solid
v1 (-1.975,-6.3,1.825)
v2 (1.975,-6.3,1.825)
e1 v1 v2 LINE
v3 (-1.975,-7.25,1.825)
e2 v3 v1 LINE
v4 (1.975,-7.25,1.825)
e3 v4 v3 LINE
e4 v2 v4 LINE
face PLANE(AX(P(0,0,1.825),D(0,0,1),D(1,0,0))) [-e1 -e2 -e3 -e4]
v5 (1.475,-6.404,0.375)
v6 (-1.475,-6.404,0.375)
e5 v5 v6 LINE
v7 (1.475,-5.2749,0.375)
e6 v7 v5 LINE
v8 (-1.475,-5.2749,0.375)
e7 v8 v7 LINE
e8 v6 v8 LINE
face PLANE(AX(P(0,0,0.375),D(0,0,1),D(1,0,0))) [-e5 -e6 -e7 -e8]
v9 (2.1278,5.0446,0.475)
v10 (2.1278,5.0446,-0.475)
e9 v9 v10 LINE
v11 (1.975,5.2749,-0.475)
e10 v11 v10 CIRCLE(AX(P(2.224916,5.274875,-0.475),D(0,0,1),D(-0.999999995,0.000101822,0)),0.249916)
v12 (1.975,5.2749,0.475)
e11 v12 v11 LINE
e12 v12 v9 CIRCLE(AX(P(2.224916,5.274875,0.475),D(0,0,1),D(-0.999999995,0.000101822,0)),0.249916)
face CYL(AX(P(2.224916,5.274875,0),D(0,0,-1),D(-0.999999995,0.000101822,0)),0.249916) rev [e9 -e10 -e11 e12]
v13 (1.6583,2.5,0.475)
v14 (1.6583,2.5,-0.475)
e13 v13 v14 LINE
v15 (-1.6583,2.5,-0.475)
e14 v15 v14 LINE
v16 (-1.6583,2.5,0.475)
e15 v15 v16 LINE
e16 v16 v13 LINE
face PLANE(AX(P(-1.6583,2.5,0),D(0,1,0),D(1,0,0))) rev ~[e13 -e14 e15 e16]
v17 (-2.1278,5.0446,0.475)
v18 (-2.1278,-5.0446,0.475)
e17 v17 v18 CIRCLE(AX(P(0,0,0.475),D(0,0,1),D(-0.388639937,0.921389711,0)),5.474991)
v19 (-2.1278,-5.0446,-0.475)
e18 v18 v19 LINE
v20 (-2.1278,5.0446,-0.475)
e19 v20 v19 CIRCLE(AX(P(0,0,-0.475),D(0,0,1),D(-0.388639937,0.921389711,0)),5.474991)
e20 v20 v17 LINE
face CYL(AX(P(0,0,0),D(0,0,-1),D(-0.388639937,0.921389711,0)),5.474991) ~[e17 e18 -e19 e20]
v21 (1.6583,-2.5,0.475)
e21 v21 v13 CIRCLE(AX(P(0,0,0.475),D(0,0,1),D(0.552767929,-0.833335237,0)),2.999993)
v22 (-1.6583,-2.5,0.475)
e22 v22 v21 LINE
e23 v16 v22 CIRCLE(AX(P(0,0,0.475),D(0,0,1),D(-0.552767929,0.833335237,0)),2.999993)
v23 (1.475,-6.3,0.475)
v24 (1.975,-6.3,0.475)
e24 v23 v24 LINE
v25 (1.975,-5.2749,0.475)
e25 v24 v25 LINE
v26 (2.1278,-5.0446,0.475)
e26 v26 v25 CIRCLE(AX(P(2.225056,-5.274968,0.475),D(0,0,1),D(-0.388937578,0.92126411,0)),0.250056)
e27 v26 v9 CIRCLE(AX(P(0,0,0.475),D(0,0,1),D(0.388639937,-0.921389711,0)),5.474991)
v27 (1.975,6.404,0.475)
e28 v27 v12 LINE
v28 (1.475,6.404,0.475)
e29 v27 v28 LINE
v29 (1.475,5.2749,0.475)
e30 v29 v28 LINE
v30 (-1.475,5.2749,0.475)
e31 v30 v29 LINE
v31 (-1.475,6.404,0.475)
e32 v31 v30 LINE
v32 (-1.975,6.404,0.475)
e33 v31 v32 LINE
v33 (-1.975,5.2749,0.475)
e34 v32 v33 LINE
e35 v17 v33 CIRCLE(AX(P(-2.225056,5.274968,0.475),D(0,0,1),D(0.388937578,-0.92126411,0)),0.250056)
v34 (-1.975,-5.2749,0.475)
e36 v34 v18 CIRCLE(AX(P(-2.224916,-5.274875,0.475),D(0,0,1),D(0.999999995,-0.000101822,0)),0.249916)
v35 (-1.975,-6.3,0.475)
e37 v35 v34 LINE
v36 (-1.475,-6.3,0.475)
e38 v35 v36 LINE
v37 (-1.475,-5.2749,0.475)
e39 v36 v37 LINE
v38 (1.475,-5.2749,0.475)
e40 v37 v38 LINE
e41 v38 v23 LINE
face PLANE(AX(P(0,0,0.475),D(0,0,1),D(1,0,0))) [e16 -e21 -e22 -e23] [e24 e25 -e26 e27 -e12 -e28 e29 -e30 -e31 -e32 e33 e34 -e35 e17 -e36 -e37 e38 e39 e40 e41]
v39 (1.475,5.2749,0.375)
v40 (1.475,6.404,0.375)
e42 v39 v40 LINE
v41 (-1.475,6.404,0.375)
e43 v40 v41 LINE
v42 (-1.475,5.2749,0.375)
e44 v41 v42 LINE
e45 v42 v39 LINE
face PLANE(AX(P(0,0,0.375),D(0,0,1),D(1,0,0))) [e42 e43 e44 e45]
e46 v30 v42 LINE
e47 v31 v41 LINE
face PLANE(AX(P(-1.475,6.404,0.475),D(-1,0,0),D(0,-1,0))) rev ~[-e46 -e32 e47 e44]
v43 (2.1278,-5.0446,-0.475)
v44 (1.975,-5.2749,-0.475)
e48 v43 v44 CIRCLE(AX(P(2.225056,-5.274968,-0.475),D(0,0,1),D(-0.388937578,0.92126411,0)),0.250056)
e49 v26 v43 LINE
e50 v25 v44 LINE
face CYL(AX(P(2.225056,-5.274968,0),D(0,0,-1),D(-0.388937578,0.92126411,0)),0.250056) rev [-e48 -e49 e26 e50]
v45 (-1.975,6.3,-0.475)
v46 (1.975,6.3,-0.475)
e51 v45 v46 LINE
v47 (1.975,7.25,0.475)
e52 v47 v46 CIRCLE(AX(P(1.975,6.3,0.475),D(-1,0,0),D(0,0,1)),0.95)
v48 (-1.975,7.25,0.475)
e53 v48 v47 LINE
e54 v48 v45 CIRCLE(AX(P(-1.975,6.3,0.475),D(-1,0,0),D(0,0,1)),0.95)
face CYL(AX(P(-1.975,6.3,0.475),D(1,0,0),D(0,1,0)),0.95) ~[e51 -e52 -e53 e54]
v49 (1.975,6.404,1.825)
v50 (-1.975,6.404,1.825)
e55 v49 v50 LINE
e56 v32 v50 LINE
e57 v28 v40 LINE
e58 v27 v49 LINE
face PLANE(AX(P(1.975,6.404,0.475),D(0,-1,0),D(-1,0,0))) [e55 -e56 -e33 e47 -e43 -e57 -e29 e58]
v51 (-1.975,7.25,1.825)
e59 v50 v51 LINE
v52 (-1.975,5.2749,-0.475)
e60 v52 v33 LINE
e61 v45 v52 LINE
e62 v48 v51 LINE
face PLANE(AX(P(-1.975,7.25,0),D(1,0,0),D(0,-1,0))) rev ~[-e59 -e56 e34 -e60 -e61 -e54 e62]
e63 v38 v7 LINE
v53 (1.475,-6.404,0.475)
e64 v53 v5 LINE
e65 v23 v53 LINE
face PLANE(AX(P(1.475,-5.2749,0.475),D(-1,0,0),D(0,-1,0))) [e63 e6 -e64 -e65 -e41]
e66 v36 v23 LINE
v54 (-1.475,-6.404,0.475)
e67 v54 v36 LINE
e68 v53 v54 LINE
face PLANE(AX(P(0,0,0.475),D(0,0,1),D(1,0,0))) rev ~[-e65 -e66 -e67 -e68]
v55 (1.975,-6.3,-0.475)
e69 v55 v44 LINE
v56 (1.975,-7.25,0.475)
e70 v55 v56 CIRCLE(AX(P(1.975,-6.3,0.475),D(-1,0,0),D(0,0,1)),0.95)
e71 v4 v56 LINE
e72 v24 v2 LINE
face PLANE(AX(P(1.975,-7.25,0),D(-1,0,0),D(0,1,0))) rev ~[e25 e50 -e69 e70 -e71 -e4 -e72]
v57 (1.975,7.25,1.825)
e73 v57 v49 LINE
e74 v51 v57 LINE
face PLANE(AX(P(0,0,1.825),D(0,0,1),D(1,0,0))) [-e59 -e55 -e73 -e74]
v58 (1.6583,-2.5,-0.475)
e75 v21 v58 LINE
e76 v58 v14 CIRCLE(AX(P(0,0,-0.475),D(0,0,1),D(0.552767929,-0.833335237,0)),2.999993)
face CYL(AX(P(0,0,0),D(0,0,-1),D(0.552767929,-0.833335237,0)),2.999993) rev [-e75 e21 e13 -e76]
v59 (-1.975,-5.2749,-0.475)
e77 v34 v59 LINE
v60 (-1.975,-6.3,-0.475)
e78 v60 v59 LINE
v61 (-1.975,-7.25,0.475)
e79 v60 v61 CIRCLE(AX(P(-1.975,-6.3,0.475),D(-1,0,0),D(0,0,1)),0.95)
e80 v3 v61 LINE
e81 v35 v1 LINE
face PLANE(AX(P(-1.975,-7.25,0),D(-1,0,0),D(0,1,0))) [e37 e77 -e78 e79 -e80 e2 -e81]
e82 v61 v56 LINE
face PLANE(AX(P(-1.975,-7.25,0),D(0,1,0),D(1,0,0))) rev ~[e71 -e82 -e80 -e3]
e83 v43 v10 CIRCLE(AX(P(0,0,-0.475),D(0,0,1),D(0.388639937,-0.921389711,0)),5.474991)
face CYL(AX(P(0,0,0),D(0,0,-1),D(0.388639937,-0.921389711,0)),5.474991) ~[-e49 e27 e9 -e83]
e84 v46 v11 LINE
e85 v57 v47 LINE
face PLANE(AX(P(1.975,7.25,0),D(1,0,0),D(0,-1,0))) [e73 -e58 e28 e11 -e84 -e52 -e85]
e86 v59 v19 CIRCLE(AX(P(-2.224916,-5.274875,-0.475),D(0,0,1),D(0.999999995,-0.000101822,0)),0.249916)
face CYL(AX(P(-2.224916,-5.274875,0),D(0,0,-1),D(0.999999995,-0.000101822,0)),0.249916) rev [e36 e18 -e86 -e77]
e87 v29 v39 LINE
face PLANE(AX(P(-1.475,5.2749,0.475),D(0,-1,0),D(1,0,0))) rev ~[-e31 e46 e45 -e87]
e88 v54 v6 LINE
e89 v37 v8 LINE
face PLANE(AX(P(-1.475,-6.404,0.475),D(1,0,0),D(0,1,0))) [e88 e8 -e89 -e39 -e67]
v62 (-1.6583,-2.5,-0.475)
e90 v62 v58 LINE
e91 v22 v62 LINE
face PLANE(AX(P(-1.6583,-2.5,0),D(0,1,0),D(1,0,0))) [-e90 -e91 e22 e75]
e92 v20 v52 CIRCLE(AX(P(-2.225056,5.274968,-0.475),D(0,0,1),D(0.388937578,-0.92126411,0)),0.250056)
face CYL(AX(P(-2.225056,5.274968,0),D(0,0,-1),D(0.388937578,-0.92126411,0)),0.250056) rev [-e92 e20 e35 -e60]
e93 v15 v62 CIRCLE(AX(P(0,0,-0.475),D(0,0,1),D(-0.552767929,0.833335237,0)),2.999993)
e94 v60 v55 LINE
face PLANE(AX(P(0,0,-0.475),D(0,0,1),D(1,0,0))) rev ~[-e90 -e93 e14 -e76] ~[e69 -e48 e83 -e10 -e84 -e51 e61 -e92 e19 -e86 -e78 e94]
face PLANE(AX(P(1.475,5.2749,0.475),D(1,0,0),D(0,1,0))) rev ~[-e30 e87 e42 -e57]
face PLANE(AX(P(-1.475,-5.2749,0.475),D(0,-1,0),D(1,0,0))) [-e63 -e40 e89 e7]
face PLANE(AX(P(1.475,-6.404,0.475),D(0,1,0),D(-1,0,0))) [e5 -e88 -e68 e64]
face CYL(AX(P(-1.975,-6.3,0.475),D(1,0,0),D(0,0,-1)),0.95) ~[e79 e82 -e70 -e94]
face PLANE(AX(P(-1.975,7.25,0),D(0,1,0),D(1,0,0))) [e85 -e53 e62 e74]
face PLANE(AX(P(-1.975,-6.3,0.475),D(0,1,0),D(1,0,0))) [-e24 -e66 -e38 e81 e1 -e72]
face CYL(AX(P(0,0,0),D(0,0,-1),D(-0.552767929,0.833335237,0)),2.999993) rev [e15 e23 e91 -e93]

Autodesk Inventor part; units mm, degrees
ref_plane "YZ Plane" through (0, 0, 0) normal (1, 0, 0) x (0, 1, 0)
ref_plane "XZ Plane" through (0, 0, 0) normal (0, 1, 0) x (-1, 0, 0)
ref_plane "XY Plane" through (0, 0, 0) normal (0, 0, 1) x (1, 0, 0)
sketch "Szkic4" plane through (0, 0, 0) normal (0, 0, 1) x (1, 0, 0)
  line L0 (-1.6583, 2.5) -> (1.6583, 2.5)
  line L1 (-1.6583, -2.5) -> (1.6583, -2.5)
  arc A0 (-1.6583, 2.5) -> (-1.6583, -2.5) centre (0, 0) ccw
  arc A1 (1.6583, -2.5) -> (1.6583, 2.5) centre (0, 0) ccw
  line L2 (-1.975, 7.25) -> (1.975, 7.25)
  line L3 (-1.975, 7.25) -> (-1.975, 5.2749)
  line L4 (1.975, 7.25) -> (1.975, 5.2749)
  arc A2 (1.975, 5.2749) -> (2.1278, 5.0446) centre (2.225, 5.2749) ccw
  arc A3 (-2.1278, 5.0446) -> (-1.975, 5.2749) centre (-2.225, 5.2749) ccw
  line L5 (-1.975, -7.25) -> (1.975, -7.25)
  line L6 (-1.975, -7.25) -> (-1.975, -5.2749)
  line L7 (1.975, -7.25) -> (1.975, -5.2749)
  arc A4 (2.1278, -5.0446) -> (1.975, -5.2749) centre (2.225, -5.2749) ccw
  arc A5 (-1.975, -5.2749) -> (-2.1278, -5.0446) centre (-2.225, -5.2749) ccw
  arc A6 (-2.1278, 5.0446) -> (-2.1278, -5.0446) centre (0, 0) ccw
  arc A7 (2.1278, -5.0446) -> (2.1278, 5.0446) centre (0, 0) ccw
  point P0 (-1.975, 5.1064)
  point P1 (1.975, 5.1064)
  point P2 (-1.975, -5.1064)
  point P3 (1.975, -5.1064)
  dimension "d19" = 3.95
  dimension "d20" = 0.25
extrude "Wyciągnięcie proste4" add sketch "Szkic4" along normal mid plane 0.95
sketch "Szkic5" plane through (0, 0, 0.475) normal (0, 0, 1) x (1, 0, 0)
  line L0 (-1.975, 7.25) -> (1.975, 7.25)
  line L1 (1.975, 7.25) -> (1.975, 6.404)
  line L2 (1.975, 6.404) -> (-1.975, 6.404)
  line L3 (-1.975, 6.404) -> (-1.975, 7.25)
  line L4 (1.975, -7.25) -> (-1.975, -7.25)
  line L5 (-1.975, -7.25) -> (-1.975, -6.3)
  line L6 (-1.975, -6.3) -> (1.975, -6.3)
  line L7 (1.975, -6.3) -> (1.975, -7.25)
  dimension "d23" = 0.95
extrude "Wyciągnięcie proste5" add sketch "Szkic5" along normal blind 1.35
fillet "Zaokrąglenie3" radius 0.95 2 edges at (0, 7.25, -0.475) (0, -7.25, -0.475)
sketch "Szkic6" plane through (0, 0, 0.475) normal (0, 0, 1) x (1, 0, 0)
  line L0 (-1.475, 5.2749) -> (1.475, 5.2749)
  line L1 (1.475, 5.2749) -> (1.475, 6.404)
  line L2 (1.475, 6.404) -> (-1.475, 6.404)
  line L3 (-1.475, 6.404) -> (-1.475, 5.2749)
  line L4 (-1.475, -5.2749) -> (1.475, -5.2749)
  line L5 (1.475, -5.2749) -> (1.475, -6.404)
  line L6 (1.475, -6.404) -> (-1.475, -6.404)
  line L7 (-1.475, -6.404) -> (-1.475, -5.2749)
extrude "Wyciągnięcie proste6" cut sketch "Szkic6" against normal blind 0.1
properties part number "podkładka z dwoma uszami" material "Stal"
